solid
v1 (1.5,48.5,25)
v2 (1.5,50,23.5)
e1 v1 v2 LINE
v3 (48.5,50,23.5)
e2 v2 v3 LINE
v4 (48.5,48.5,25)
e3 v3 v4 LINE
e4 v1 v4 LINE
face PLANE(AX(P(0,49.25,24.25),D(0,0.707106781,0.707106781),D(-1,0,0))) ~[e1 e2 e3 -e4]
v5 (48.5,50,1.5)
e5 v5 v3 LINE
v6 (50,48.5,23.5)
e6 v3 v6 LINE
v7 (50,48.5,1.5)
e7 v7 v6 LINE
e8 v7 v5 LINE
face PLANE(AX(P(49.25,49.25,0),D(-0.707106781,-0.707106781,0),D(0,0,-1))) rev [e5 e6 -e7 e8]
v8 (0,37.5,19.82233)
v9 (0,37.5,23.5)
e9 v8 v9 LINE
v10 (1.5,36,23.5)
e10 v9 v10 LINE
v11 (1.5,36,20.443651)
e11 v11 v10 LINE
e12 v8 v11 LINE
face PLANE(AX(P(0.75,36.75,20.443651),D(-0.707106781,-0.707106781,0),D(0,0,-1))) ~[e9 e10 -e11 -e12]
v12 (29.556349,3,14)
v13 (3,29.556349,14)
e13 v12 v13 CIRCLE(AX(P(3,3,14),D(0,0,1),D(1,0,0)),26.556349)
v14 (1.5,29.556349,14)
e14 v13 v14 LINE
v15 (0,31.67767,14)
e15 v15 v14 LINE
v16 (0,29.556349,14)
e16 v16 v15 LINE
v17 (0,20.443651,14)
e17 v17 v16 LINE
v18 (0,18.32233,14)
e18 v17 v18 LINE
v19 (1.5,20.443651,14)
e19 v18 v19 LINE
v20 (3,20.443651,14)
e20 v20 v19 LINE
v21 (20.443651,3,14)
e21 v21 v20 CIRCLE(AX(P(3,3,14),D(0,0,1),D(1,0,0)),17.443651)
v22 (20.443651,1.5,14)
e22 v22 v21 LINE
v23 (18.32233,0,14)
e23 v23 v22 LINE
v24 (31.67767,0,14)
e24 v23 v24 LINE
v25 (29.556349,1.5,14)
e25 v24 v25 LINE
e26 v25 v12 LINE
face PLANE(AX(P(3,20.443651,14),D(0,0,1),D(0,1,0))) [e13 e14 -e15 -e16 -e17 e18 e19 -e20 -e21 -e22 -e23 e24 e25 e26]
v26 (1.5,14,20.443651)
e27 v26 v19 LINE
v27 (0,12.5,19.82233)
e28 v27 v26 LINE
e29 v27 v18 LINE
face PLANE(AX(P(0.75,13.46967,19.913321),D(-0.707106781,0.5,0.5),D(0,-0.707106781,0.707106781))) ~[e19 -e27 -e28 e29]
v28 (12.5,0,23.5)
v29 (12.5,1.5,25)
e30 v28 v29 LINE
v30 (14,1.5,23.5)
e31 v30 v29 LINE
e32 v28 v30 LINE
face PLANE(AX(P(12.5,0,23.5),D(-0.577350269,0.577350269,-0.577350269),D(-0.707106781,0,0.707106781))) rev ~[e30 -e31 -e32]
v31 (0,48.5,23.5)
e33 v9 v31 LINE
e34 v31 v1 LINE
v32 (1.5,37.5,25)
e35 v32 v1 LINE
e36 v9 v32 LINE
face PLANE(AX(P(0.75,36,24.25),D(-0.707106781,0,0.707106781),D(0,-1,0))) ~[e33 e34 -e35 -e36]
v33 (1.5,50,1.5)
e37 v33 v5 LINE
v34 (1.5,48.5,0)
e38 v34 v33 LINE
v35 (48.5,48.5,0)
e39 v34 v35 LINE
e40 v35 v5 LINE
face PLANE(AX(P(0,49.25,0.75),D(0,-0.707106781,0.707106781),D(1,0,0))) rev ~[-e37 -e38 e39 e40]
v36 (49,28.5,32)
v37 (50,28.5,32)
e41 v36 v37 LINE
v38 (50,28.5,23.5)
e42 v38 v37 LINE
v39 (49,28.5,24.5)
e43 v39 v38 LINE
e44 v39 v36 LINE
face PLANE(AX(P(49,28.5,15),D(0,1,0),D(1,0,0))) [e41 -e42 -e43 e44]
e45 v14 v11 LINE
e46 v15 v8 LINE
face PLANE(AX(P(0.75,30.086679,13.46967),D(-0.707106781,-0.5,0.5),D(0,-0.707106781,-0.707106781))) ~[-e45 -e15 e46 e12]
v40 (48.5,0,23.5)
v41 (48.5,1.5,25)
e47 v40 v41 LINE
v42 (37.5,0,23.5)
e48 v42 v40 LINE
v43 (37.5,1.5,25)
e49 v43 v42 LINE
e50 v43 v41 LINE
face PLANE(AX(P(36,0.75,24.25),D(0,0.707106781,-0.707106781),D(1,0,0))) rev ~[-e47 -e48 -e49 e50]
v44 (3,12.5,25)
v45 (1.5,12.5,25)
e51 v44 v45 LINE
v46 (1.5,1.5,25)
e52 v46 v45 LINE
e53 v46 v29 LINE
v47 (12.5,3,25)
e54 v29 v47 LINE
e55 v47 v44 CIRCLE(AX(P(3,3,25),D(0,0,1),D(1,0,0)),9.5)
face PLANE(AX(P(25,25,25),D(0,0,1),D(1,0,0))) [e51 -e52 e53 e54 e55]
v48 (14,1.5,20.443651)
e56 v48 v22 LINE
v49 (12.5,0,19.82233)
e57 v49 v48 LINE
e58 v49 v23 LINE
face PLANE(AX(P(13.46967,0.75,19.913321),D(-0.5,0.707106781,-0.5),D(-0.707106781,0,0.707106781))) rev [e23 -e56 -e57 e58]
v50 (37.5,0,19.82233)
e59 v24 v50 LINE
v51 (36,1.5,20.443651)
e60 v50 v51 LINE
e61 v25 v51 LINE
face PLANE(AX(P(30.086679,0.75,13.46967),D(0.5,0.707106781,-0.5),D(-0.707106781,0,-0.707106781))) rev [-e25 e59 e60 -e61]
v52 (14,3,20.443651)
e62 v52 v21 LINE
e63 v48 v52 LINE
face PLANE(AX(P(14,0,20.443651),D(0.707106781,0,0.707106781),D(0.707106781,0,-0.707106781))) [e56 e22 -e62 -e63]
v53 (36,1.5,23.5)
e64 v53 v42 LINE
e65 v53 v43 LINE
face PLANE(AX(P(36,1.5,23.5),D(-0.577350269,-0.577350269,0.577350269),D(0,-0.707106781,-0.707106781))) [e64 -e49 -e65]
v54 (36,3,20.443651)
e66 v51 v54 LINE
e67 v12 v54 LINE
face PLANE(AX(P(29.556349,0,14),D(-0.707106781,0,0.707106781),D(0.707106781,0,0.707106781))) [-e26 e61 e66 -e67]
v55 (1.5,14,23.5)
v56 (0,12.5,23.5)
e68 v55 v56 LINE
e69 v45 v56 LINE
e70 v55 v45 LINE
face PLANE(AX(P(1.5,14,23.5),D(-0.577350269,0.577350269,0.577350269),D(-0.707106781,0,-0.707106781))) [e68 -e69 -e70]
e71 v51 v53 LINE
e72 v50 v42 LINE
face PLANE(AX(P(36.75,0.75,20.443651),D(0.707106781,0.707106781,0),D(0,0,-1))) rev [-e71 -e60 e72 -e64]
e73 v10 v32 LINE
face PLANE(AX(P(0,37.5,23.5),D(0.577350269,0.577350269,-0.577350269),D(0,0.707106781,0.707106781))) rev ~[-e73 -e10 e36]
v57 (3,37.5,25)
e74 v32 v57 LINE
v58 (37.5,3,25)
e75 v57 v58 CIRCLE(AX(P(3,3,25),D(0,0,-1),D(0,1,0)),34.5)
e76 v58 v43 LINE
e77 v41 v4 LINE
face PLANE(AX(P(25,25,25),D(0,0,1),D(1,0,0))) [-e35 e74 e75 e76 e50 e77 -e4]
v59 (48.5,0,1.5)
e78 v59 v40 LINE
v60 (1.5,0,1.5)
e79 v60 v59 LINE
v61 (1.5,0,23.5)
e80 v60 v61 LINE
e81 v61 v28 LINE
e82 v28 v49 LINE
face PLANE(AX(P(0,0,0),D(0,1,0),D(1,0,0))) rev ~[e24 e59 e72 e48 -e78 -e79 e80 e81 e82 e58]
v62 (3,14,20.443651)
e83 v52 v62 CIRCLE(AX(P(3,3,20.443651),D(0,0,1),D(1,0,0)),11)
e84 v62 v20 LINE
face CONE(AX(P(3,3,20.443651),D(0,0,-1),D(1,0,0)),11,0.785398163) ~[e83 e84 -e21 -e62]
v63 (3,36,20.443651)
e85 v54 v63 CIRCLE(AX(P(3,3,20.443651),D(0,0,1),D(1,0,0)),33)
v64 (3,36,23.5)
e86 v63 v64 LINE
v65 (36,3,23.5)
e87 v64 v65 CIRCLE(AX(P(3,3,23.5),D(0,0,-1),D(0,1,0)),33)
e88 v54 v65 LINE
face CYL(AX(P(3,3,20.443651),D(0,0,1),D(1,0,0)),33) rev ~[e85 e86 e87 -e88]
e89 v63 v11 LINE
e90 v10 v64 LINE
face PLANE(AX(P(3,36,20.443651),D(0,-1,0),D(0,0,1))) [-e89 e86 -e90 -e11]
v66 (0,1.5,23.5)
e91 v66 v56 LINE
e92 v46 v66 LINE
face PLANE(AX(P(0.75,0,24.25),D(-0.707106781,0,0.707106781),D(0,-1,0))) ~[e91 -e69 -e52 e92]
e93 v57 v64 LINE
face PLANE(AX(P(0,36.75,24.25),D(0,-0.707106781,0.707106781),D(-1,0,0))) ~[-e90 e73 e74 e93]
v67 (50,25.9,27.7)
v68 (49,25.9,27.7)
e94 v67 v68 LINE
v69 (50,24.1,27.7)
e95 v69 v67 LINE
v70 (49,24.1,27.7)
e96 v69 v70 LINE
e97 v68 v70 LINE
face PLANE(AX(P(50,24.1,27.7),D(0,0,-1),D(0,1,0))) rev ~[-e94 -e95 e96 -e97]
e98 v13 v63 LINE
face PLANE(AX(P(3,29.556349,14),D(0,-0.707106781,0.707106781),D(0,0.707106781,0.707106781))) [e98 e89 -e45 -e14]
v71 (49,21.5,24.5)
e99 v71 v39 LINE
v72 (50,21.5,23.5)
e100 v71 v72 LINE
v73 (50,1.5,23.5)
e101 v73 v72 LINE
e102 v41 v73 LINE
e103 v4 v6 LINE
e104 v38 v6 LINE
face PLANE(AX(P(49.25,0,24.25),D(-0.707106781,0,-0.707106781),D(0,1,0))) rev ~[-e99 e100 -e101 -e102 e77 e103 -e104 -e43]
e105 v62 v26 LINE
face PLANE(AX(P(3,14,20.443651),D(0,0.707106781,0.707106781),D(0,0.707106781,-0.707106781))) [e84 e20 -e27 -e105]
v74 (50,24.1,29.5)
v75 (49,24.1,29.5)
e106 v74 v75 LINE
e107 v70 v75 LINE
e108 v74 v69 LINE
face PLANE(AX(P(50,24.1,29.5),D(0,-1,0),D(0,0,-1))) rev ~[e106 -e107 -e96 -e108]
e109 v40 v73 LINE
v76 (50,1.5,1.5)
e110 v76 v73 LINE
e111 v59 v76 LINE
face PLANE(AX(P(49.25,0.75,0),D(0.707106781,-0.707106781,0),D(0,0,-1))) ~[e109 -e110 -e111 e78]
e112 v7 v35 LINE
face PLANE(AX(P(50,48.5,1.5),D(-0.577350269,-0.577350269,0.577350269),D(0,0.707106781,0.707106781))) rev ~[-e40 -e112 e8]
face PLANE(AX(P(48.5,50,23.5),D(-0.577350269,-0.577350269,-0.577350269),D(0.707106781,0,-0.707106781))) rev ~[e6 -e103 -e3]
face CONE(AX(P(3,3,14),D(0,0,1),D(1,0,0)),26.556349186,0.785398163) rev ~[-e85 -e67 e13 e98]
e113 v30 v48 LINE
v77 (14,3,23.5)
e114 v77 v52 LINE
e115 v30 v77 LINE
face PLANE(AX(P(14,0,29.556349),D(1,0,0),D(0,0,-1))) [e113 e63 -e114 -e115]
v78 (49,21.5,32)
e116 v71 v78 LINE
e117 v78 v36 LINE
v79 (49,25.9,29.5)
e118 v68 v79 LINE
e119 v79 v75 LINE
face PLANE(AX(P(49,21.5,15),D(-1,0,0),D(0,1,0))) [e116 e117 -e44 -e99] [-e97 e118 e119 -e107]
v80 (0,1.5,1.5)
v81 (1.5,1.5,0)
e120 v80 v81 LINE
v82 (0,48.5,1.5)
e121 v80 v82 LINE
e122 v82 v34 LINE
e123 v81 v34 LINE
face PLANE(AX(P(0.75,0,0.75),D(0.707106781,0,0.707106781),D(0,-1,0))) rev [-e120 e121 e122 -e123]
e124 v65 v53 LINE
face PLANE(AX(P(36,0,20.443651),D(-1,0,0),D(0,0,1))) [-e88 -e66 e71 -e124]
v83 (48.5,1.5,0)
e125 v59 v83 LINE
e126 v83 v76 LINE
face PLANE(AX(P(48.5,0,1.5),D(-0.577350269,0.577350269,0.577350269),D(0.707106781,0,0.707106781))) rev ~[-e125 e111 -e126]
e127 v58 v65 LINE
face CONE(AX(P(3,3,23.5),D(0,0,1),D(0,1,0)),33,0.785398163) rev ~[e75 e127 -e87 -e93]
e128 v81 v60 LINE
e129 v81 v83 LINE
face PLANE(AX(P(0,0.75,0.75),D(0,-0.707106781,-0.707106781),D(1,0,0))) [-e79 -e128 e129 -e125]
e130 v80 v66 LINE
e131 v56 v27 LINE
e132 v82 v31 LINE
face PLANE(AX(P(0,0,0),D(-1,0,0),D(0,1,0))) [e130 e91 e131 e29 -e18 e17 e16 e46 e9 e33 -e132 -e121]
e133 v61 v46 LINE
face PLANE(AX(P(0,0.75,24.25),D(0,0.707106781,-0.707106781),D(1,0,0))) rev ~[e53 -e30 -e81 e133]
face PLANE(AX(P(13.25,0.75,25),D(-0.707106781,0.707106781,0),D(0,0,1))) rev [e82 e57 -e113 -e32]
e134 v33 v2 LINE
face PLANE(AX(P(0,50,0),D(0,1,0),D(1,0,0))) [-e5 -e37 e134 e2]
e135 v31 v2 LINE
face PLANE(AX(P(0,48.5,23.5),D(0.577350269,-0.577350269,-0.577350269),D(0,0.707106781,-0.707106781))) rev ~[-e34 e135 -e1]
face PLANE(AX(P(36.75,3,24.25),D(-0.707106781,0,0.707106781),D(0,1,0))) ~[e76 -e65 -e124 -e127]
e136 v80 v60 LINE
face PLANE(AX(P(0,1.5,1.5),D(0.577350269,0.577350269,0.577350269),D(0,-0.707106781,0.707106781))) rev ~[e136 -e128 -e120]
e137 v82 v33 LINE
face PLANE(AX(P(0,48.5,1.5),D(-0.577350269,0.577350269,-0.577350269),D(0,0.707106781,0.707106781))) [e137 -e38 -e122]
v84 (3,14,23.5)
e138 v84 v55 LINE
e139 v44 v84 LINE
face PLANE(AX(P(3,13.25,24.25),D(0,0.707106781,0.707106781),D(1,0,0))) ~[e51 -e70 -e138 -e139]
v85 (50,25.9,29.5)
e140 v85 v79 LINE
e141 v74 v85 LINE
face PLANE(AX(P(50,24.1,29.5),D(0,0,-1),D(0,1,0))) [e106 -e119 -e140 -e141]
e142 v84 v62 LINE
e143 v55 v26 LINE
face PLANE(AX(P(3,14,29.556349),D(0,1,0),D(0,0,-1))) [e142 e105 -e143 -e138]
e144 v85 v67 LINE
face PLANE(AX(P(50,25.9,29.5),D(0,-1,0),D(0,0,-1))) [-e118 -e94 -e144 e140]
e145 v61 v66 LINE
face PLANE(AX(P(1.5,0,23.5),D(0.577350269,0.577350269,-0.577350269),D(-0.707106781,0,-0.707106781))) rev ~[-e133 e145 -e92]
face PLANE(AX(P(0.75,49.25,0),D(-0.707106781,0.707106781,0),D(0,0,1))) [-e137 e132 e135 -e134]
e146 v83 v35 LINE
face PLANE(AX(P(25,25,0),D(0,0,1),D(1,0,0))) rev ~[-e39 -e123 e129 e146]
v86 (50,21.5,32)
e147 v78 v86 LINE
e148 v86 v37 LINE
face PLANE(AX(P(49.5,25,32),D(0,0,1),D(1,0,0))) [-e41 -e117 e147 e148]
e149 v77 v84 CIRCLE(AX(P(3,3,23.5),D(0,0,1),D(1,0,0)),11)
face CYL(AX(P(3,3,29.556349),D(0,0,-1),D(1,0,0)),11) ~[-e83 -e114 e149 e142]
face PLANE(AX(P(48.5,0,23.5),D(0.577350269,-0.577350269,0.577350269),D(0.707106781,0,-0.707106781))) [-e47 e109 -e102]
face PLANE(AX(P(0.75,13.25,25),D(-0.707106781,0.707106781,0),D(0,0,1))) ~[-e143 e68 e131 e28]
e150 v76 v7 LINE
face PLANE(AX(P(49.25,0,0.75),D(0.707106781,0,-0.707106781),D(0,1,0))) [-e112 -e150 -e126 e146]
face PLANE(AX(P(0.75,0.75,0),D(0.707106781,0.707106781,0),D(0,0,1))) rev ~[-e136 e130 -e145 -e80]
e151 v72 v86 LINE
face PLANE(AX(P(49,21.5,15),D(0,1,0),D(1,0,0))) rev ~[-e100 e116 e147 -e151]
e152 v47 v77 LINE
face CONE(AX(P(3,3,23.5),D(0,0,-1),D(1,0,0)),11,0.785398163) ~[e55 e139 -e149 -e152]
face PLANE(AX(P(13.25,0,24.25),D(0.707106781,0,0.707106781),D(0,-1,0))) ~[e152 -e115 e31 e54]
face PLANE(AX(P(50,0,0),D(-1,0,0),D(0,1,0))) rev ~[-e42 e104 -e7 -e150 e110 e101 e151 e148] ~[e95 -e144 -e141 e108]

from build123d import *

# Parameters (mm, degrees)
SKETCH1_W                = 50
SKETCH1_H                = 50
BOSS_EXTRUDE1_DEPTH      = 25
CHAMFER1_SIZE            = 1.5
BOSS_EXTRUDE2_DEPTH      = 7
BOSS_EXTRUDE2_DEPTH_BACK = 10
SKETCH5_W                = 1
SKETCH5_H                = 7
SKETCH6_W                = 1.8
SKETCH6_H                = 1.8
CUT_EXTRUDE1_DEPTH       = 7


with BuildPart() as part:
    # Sketch1 → Boss-Extrude1 (new body)
    with BuildSketch(Plane.XY):
        with Locations((25, 25)):
            Rectangle(SKETCH1_W, SKETCH1_H)
    extrude(amount=BOSS_EXTRUDE1_DEPTH)

    # Cut-Sweep1: sweep along a path in Sketch4
    with BuildLine(Plane.XY.offset(25)) as cut_sweep1_path:
        Line((25, 0), (25, 3))
        ThreePointArc((25, 3), (18.556349186, 18.556349186), (3, 25))
        Line((3, 25), (0, 25))
    # Sketch3 → Cut-Sweep1 (sweep, cut)
    with BuildSketch(Plane.XZ):
        Polygon((36, 29.556349186), (29.556349186, 36), (20.443650814, 36), (14, 29.556349186), (14, 20.443650814), (20.443650814, 14), (29.556349186, 14), (36, 20.443650814), align=None)
    sweep(path=cut_sweep1_path.line, mode=Mode.SUBTRACT)

    # Chamfer1
    chamfer1_edges = [part.edges().sort_by_distance(p)[0] for p in [
        (50, 25, 25),
        (25, 50, 25),
        (0, 7, 25),
        (43, 0, 25),
        (14, 1.5, 25),
        (10.778174593, 10.778174593, 25),
        (1.5, 14, 25),
        (36, 1.5, 25),
        (26.334523779, 26.334523779, 25),
        (1.5, 36, 25),
        (0, 14, 22.721825407),
        (0, 36, 22.721825407),
        (36, 0, 22.721825407),
        (14, 0, 22.721825407),
        (17.221825407, 0, 17.221825407),
        (32.778174593, 0, 17.221825407),
        (0, 32.778174593, 17.221825407),
        (0, 17.221825407, 17.221825407),
        (0, 43, 25),
        (25, 50, 0),
        (50, 25, 0),
        (25, 0, 0),
        (0, 25, 0),
        (7, 0, 25),
        (0, 50, 12.5),
        (50, 50, 12.5),
        (50, 0, 12.5),
        (0, 0, 12.5),
    ]]
    chamfer(chamfer1_edges, length=CHAMFER1_SIZE)

    # Sketch5 → Boss-Extrude2 (add, two sides: drawn at the far end of the back side and taken through both)
    with BuildSketch(Plane.XY.offset(25).offset(-BOSS_EXTRUDE2_DEPTH_BACK)):
        with Locations((49.5, 25)):
            Rectangle(SKETCH5_W, SKETCH5_H)
    extrude(amount=BOSS_EXTRUDE2_DEPTH + BOSS_EXTRUDE2_DEPTH_BACK)

    # Sketch6 → Cut-Extrude1 (cut)
    with BuildSketch(Plane(origin=(50, 0, 0), x_dir=(0, 0, -1), z_dir=(1, 0, 0))):
        with Locations((-28.6, 25)):
            Rectangle(SKETCH6_W, SKETCH6_H)
    extrude(amount=-CUT_EXTRUDE1_DEPTH, mode=Mode.SUBTRACT)


solid = part.part
